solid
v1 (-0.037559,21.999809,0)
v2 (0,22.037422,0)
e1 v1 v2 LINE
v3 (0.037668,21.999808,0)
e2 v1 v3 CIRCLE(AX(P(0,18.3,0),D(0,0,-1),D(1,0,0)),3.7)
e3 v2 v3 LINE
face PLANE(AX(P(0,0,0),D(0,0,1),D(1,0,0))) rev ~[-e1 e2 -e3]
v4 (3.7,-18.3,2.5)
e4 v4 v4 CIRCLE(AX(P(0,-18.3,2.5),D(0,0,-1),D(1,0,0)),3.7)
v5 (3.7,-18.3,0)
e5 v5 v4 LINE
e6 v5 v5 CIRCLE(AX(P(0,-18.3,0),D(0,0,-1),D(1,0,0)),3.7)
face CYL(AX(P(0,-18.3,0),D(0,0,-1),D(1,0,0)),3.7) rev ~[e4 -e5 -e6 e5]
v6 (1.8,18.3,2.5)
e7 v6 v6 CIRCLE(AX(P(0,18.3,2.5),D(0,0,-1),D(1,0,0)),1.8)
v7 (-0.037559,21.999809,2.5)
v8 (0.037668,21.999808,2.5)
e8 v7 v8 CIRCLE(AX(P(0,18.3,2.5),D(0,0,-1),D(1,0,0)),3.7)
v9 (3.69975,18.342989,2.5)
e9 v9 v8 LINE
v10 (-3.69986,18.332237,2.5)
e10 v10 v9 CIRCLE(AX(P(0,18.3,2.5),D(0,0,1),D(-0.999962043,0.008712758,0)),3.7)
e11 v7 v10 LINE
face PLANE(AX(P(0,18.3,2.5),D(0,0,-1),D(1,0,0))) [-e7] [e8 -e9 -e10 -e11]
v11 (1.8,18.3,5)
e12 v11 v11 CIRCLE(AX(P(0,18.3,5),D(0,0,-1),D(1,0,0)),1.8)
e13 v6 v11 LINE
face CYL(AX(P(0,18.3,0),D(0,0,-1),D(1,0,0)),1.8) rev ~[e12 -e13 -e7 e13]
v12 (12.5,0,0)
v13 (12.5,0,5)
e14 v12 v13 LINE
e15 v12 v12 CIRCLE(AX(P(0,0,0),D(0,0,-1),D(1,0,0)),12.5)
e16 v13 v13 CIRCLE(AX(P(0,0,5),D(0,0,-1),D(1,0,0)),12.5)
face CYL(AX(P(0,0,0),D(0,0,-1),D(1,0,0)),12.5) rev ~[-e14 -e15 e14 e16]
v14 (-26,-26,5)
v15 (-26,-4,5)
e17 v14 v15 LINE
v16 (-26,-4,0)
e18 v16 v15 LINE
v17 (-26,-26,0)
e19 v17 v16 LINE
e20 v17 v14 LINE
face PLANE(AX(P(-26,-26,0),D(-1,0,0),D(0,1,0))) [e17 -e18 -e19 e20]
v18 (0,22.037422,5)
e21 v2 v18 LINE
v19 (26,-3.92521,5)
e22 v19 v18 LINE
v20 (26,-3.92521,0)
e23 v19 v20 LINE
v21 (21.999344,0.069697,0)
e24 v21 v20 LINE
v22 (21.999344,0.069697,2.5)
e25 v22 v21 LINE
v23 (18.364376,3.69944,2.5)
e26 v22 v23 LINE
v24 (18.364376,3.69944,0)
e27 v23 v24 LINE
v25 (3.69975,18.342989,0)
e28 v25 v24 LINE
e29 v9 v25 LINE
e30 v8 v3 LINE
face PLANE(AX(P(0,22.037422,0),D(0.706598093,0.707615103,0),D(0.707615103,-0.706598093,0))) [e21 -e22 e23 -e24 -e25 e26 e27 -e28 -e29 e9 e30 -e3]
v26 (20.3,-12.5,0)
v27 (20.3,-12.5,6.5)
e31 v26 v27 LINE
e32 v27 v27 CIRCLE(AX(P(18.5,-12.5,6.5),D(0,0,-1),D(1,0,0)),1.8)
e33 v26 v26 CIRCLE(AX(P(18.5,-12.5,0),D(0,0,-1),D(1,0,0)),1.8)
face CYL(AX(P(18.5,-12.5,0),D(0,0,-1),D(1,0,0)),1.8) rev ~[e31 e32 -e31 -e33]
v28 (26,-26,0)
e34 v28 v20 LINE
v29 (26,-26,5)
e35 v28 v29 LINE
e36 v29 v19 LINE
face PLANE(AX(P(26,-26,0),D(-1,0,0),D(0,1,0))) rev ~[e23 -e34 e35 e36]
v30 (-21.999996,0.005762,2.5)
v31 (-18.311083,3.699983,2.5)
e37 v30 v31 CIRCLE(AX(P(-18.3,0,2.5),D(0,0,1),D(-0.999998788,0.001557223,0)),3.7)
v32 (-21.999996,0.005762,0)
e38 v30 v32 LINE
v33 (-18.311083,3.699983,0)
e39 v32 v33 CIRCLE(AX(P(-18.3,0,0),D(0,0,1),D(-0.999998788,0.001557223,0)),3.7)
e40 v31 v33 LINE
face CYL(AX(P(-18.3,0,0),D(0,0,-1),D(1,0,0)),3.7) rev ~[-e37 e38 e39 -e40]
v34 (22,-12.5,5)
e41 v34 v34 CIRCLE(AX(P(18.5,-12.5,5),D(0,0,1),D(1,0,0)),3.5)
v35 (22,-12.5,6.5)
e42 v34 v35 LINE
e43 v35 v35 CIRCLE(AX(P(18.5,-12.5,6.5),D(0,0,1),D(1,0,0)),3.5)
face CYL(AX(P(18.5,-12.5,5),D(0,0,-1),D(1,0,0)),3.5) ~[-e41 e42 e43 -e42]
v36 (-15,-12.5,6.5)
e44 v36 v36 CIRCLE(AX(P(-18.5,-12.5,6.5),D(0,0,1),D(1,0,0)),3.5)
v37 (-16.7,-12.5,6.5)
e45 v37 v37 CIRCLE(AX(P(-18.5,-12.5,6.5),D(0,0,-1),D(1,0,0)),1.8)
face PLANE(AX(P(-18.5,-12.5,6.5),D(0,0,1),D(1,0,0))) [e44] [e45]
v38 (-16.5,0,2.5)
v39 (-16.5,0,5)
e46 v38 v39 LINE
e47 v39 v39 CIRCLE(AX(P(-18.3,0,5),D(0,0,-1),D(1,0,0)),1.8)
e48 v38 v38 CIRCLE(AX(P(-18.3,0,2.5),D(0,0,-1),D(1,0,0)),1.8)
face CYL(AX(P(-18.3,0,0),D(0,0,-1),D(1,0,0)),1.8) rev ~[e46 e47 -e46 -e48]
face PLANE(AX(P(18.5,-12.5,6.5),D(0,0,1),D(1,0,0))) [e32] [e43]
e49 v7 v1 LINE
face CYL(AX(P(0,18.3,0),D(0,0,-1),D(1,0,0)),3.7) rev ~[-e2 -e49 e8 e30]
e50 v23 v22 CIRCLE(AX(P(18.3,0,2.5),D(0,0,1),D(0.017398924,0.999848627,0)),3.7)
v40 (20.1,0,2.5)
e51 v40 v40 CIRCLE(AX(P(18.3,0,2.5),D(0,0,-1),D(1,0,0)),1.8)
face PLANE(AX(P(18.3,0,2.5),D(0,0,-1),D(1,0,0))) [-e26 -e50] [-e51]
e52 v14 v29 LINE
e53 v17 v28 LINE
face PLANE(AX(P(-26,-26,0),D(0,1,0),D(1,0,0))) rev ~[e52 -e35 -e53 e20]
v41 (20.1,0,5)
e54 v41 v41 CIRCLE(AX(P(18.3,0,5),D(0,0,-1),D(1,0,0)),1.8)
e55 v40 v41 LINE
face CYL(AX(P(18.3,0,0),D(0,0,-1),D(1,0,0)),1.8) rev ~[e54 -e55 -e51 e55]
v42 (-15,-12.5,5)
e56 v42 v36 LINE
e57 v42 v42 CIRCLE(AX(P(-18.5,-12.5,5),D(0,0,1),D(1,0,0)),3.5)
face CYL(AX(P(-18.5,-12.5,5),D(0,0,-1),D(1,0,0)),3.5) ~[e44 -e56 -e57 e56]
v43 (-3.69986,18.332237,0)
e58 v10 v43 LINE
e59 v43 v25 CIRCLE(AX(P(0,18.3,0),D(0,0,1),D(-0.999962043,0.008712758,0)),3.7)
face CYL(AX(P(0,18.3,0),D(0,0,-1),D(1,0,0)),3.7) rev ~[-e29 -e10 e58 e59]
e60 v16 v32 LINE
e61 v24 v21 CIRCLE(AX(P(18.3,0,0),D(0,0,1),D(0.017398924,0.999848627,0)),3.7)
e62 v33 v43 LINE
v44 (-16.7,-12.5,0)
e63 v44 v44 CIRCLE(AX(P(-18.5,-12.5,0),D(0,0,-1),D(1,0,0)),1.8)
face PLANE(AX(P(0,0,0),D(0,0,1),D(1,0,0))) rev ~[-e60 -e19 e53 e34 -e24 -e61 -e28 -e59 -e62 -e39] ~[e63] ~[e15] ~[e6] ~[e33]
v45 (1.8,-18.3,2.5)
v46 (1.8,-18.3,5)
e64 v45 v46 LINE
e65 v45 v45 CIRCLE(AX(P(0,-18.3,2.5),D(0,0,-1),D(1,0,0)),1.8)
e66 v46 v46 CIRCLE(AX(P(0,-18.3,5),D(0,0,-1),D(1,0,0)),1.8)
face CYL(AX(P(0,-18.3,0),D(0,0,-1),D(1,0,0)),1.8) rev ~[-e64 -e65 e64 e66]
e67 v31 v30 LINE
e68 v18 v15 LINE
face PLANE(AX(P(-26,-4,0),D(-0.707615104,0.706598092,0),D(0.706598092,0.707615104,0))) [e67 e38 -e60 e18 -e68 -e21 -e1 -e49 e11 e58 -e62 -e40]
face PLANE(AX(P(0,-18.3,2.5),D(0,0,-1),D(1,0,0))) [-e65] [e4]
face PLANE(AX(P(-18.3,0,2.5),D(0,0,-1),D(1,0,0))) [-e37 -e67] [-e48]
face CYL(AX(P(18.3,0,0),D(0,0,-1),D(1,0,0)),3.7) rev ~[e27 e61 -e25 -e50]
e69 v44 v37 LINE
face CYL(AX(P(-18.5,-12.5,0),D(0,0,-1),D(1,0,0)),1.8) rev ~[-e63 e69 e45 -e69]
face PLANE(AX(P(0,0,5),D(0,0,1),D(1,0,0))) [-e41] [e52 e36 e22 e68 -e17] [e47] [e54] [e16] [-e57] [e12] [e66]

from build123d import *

# Parameters (mm, degrees)
SKETCH_W        = 52
SKETCH_H        = 52
PAD_DEPTH       = 5
SKETCH005_R     = 3.5
PAD001_DEPTH    = 1.5
SKETCH001_R     = 12.5
SKETCH001_R_2   = 1.8
POCKET_DEPTH    = 6.501
SKETCH006_R     = 3.7
POCKET001_DEPTH = 2.5


with BuildPart() as part:
    # Sketch → Pad (new body)
    with BuildSketch(Plane.XY):
        Rectangle(SKETCH_W, SKETCH_H)
    extrude(amount=PAD_DEPTH)

    # Sketch005 → Pad001 (new body)
    with BuildSketch(Plane.XY.offset(5)):
        with Locations((-18.5, -12.5)):
            Circle(SKETCH005_R)
        with Locations((18.5, -12.5)):
            Circle(SKETCH005_R)
    extrude(amount=PAD001_DEPTH)

    # Sketch001 → Pocket (cut, through all)
    with BuildSketch(Plane(origin=(0, 0, 0), x_dir=(1, 0, 0), z_dir=(0, 0, -1))):
        Circle(SKETCH001_R)
        with Locations((0, 18.3)):
            Circle(SKETCH001_R_2)
        with Locations((0, -18.3)):
            Circle(SKETCH001_R_2)
        with Locations((-18.3, 0)):
            Circle(SKETCH001_R_2)
        with Locations((18.3, 0)):
            Circle(SKETCH001_R_2)
        with Locations((-18.5, 12.5)):
            Circle(SKETCH001_R_2)
        with Locations((18.5, 12.5)):
            Circle(SKETCH001_R_2)
        Polygon((-26, 4), (0, -22.037422), (26.037481, 3.962637), (26.037481, -34), (-26, -34), align=None)
    extrude(amount=-POCKET_DEPTH, mode=Mode.SUBTRACT)

    # Sketch006 → Pocket001 (cut)
    with BuildSketch(Plane(origin=(0, 0, 0), x_dir=(1, 0, 0), z_dir=(0, 0, -1))):
        with Locations((-18.3, 0)):
            Circle(SKETCH006_R)
        with Locations((0, 18.3)):
            Circle(SKETCH006_R)
        with Locations((18.3, 0)):
            Circle(SKETCH006_R)
        with Locations((0, -18.3)):
            Circle(SKETCH006_R)
    extrude(amount=-POCKET001_DEPTH, mode=Mode.SUBTRACT)


solid = part.part
